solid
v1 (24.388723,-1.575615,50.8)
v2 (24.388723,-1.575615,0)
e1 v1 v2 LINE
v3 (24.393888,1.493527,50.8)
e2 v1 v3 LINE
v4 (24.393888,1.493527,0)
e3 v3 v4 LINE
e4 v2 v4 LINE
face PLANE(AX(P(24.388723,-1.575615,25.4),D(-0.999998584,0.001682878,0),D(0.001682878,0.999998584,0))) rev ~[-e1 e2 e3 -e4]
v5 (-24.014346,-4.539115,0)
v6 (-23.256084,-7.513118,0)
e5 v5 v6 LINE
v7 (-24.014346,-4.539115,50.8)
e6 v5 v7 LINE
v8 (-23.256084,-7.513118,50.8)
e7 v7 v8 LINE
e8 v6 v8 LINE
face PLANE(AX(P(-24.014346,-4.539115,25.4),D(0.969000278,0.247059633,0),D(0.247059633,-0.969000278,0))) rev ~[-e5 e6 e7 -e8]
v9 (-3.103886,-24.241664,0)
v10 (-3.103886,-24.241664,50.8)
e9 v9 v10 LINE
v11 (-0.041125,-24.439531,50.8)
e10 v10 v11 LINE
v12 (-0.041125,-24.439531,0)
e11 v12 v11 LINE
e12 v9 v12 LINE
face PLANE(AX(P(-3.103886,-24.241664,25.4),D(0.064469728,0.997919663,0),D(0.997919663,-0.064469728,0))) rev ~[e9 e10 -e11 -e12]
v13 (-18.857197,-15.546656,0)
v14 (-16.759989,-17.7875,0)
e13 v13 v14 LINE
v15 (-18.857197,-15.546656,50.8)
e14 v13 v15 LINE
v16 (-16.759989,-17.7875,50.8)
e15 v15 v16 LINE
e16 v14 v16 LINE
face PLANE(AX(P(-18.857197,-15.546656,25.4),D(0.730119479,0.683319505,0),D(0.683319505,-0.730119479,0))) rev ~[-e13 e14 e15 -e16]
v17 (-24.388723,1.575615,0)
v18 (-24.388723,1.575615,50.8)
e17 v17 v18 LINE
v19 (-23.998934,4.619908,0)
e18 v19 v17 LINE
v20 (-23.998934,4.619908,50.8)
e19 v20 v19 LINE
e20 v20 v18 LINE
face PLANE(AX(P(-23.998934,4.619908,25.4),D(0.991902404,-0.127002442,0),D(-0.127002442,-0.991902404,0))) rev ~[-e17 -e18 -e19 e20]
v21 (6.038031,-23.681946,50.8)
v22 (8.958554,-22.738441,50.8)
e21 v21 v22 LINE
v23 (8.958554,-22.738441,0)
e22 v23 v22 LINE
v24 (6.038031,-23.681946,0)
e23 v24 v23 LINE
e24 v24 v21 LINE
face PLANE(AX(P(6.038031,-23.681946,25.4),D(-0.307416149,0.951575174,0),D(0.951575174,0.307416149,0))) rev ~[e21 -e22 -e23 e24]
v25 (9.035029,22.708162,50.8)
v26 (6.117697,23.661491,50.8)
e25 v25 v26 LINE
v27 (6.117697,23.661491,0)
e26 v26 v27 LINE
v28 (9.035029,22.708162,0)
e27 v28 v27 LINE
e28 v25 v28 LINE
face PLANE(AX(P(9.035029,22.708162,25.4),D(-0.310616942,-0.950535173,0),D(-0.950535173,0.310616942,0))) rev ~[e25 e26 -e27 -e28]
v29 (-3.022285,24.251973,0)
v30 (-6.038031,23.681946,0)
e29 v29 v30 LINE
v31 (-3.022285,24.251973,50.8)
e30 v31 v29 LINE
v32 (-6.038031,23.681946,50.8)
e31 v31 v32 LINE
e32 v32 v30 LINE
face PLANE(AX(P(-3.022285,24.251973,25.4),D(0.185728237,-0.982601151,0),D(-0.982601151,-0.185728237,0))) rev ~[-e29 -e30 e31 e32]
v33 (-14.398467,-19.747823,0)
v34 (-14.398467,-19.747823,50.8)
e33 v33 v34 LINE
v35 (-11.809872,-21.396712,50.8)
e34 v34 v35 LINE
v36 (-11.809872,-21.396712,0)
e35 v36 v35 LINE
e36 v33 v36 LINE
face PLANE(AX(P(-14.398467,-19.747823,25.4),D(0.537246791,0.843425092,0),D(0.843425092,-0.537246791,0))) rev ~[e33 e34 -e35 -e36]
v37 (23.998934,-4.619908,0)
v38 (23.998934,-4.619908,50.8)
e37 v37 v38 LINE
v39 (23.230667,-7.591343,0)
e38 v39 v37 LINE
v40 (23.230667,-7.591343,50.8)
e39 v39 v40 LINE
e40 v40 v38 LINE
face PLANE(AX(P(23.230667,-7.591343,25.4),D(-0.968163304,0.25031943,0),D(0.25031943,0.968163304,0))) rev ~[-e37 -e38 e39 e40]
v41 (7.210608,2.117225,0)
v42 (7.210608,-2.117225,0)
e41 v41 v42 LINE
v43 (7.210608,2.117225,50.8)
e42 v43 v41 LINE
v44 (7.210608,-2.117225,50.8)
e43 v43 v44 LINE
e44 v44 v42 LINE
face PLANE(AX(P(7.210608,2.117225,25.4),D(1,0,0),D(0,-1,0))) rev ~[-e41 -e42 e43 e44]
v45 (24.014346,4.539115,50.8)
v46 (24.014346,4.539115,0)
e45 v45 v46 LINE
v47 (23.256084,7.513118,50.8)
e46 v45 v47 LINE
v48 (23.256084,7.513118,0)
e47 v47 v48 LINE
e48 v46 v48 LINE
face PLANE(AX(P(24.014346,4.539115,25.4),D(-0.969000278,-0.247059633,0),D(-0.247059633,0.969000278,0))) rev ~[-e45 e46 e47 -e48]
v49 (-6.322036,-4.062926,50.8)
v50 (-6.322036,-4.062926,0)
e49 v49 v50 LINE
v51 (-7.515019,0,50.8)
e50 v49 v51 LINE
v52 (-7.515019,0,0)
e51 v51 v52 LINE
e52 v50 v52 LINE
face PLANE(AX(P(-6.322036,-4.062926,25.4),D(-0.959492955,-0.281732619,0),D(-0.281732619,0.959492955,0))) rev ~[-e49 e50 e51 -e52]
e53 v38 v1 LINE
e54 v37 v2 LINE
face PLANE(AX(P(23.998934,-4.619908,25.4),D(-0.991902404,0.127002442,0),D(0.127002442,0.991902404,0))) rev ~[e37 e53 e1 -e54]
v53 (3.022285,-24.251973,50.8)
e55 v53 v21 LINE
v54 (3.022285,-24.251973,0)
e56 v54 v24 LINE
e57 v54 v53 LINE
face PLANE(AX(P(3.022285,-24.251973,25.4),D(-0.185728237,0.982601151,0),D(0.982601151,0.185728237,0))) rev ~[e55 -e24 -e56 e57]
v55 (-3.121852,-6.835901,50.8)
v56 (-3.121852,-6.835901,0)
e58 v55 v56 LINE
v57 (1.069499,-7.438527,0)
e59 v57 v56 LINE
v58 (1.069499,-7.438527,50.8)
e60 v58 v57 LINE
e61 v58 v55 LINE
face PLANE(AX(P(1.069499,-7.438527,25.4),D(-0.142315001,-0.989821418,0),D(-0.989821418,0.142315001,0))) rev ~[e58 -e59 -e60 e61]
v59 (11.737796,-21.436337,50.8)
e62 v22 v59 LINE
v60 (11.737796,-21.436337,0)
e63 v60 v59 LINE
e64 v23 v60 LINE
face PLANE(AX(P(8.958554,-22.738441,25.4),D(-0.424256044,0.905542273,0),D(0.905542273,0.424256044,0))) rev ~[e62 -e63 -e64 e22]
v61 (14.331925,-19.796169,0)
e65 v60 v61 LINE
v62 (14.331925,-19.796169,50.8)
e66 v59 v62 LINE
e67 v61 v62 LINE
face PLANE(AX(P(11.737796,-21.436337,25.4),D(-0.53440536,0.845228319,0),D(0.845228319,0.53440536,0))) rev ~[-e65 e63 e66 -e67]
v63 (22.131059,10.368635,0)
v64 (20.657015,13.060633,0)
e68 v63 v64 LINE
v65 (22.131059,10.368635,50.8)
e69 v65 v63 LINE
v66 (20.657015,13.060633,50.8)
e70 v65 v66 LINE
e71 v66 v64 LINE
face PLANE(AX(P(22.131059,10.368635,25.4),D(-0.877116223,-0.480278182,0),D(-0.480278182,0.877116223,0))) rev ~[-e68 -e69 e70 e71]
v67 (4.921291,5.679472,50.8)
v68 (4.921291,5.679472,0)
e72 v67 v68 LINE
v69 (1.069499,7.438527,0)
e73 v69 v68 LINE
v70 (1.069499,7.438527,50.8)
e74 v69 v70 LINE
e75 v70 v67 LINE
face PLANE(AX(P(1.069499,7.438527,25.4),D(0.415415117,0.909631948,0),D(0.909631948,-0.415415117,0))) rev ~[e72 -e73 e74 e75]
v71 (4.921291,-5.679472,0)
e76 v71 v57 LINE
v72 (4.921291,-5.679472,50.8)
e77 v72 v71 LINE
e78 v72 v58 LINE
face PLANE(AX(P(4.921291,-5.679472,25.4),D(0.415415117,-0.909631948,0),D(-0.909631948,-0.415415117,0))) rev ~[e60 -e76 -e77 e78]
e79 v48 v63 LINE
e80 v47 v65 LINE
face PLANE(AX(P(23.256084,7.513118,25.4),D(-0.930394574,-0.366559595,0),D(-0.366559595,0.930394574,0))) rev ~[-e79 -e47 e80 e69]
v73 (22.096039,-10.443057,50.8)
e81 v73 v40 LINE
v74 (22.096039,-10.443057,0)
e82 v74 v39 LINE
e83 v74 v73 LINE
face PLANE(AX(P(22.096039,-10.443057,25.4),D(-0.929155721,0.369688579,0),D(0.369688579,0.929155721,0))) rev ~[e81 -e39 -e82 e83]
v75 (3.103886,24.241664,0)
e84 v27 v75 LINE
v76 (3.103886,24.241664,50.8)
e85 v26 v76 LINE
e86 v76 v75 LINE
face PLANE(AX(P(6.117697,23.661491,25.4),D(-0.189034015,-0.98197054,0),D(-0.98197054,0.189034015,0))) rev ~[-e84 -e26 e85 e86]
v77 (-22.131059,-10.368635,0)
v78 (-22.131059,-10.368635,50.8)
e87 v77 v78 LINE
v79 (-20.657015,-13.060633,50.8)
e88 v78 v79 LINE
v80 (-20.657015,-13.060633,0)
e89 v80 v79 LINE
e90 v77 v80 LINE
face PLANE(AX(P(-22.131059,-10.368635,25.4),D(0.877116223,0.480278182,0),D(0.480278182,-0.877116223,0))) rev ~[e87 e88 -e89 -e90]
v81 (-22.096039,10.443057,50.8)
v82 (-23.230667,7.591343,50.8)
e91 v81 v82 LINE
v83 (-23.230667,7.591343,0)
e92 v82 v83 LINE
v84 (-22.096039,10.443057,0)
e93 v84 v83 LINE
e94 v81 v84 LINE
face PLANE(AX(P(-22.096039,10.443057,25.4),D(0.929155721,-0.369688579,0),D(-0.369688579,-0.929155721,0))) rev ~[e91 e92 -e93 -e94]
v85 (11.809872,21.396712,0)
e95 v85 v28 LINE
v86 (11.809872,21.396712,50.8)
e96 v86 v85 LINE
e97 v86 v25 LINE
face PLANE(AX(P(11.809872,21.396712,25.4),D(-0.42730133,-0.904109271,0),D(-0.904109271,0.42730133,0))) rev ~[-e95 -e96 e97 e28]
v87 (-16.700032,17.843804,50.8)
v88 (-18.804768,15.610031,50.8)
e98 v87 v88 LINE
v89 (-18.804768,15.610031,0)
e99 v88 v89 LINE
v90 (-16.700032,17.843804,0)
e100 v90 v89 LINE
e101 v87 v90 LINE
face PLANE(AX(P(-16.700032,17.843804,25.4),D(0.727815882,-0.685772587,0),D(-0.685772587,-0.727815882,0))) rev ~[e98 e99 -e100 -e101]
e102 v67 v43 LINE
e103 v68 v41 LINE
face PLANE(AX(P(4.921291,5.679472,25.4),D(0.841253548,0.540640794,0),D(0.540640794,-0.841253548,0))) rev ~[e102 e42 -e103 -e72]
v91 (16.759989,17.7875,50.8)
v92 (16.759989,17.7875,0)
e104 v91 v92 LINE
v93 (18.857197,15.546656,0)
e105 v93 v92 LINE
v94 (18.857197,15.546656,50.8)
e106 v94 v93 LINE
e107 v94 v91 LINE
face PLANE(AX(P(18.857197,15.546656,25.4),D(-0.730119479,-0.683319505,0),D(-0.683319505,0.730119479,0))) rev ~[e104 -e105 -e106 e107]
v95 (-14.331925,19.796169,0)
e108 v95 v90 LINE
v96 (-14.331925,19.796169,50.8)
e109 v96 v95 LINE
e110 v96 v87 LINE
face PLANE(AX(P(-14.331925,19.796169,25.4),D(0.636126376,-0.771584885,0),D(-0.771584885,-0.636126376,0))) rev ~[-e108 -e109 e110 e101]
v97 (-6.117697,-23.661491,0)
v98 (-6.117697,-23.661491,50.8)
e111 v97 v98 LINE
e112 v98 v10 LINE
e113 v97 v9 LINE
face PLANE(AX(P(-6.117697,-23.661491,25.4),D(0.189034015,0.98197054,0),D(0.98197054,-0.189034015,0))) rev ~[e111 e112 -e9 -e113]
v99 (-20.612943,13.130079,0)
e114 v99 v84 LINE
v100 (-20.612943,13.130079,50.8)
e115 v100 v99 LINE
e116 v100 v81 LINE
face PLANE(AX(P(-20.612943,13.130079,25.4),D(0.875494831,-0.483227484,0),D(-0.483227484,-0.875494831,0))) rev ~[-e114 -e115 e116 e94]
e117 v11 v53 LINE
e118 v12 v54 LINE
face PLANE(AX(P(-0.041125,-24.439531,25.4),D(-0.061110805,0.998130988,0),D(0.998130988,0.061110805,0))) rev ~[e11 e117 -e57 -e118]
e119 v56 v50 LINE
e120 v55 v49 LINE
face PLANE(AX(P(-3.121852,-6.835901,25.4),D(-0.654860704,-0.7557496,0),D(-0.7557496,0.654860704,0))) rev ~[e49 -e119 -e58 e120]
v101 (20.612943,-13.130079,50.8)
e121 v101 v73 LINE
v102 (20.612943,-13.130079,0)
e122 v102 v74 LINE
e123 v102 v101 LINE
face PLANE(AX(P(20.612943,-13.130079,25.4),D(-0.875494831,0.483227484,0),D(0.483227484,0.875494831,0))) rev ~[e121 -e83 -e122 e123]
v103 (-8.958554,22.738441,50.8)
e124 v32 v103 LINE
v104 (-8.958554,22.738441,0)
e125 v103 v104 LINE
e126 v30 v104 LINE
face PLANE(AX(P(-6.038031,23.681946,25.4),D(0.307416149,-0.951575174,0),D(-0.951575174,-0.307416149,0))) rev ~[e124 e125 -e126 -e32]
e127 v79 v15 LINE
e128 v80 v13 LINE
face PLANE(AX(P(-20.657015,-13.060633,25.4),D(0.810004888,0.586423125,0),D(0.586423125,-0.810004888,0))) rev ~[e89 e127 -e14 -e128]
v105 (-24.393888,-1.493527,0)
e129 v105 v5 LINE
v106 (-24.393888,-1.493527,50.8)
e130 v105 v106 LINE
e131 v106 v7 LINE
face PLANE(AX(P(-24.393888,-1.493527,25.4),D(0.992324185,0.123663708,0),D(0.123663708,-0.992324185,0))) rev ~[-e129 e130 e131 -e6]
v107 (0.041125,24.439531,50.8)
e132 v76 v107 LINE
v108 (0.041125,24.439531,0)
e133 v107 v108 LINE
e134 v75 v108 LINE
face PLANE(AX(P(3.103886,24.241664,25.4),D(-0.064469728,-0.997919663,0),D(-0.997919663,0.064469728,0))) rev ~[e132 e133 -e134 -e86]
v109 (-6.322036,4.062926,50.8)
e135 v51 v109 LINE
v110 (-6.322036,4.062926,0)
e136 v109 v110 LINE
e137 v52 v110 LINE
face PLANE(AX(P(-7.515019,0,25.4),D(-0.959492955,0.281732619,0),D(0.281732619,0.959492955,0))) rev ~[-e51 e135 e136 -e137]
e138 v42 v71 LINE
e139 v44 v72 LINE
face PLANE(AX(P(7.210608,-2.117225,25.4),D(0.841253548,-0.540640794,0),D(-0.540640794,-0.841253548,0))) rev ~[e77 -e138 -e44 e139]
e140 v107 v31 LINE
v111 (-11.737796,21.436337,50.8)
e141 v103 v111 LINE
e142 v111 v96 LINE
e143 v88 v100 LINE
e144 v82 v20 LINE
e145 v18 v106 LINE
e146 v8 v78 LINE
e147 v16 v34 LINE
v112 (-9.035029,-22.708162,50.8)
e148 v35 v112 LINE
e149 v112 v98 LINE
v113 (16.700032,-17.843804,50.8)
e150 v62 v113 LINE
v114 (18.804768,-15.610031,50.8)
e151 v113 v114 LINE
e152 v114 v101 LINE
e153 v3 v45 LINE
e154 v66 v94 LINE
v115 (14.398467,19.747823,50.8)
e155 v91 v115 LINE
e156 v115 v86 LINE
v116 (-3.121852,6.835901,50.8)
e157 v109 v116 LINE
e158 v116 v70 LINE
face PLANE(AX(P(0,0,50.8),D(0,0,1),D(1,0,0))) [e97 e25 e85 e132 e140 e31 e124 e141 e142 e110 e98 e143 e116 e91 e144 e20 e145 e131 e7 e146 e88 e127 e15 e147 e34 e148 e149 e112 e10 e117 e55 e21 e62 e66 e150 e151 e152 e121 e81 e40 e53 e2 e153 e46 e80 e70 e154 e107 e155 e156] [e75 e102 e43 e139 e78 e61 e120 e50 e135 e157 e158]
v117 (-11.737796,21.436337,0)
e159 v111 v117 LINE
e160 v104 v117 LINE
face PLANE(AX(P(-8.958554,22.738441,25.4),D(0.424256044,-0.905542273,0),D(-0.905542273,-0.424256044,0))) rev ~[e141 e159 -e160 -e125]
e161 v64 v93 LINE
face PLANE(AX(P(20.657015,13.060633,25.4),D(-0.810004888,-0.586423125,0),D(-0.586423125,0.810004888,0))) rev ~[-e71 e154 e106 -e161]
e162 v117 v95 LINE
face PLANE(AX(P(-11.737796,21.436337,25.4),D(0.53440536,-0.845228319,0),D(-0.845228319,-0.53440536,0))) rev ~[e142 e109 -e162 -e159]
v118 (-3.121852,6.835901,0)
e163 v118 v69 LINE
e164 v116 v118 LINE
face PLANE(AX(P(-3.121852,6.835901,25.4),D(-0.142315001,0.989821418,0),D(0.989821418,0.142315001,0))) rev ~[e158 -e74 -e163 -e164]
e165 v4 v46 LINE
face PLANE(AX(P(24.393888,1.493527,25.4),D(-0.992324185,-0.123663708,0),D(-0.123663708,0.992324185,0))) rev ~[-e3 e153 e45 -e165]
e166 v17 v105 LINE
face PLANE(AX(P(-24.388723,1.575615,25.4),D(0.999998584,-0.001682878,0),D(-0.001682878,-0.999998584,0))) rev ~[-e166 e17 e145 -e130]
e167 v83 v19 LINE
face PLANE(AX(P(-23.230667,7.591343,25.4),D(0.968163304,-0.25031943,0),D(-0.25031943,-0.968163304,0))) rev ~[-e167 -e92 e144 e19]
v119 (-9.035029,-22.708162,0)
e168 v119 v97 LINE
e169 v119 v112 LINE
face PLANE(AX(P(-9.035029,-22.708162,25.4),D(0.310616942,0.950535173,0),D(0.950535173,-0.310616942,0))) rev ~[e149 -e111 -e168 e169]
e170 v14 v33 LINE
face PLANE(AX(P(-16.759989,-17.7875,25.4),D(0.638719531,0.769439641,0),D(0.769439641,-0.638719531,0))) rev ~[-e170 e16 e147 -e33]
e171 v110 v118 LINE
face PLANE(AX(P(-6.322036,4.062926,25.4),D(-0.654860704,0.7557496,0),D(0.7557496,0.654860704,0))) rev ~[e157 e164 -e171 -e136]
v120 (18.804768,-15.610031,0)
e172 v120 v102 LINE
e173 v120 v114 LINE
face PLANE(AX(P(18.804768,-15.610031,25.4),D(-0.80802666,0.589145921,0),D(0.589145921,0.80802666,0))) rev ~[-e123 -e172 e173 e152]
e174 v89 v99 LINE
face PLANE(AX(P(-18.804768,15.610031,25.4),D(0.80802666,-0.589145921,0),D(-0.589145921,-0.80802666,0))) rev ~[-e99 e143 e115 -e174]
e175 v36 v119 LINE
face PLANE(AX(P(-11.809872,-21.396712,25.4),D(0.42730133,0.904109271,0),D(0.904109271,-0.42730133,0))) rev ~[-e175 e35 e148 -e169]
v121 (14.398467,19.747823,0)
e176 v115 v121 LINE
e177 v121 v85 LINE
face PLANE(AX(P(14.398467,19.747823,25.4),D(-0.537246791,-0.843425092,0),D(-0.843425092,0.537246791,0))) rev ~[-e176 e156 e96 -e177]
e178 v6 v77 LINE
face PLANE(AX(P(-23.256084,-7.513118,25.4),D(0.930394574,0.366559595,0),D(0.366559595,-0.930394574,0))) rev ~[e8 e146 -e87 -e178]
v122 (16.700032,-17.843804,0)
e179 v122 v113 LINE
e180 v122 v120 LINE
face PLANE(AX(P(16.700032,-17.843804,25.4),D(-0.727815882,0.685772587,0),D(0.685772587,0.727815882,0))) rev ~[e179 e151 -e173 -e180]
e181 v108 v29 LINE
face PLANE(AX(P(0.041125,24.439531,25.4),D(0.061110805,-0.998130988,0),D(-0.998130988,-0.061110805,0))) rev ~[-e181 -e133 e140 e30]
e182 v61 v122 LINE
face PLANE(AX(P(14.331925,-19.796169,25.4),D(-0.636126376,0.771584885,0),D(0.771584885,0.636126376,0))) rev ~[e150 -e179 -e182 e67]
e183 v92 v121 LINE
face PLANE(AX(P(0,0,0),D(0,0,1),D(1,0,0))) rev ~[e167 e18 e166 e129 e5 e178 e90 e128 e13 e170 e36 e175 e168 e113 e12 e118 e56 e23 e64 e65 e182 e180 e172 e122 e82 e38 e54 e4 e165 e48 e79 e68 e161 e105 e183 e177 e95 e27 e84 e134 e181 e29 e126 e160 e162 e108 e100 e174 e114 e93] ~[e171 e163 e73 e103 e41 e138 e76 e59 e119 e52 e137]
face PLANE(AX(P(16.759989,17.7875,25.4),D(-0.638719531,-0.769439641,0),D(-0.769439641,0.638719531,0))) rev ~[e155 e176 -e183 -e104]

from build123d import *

# Parameters (mm, degrees)
F1_DEPTH = 25.4
F2_DEPTH = 25.4


with BuildPart() as f1:
    # F0 (on Top) → F1 (new body)
    with BuildSketch(Plane.XY):
        Polygon((20.612943, -13.130079), (22.096039, -10.443057), (23.230667, -7.591343), (23.998934, -4.619908), (24.388723, -1.575615), (24.393888, 1.493527), (24.014346, 4.539115), (23.256084, 7.513118), (22.131059, 10.368635), (20.657015, 13.060633), (18.857197, 15.546656), (16.759989, 17.7875), (14.398467, 19.747823), (11.809872, 21.396712), (9.035029, 22.708162), (6.117697, 23.661491), (3.103886, 24.241664), (0.041125, 24.439531), (-3.022285, 24.251973), (-6.038031, 23.681946), (-8.958554, 22.738441), (-11.737796, 21.436337), (-14.331925, 19.796169), (-16.700032, 17.843804), (-18.804768, 15.610031), (-20.612943, 13.130079), (-22.096039, 10.443057), (-23.230667, 7.591343), (-23.998934, 4.619908), (-24.388723, 1.575615), (-24.393888, -1.493527), (-24.014346, -4.539115), (-23.256084, -7.513118), (-22.131059, -10.368635), (-20.657015, -13.060633), (-18.857197, -15.546656), (-16.759989, -17.7875), (-14.398467, -19.747823), (-11.809872, -21.396712), (-9.035029, -22.708162), (-6.117697, -23.661491), (-3.103886, -24.241664), (-0.041125, -24.439531), (3.022285, -24.251973), (6.038031, -23.681946), (8.958554, -22.738441), (11.737796, -21.436337), (14.331925, -19.796169), (16.700032, -17.843804), (18.804768, -15.610031), align=None)
        Polygon((4.921291, 5.679472), (7.210608, 2.117225), (7.210608, -2.117225), (4.921291, -5.679472), (1.069499, -7.438527), (-3.121852, -6.835901), (-6.322036, -4.062926), (-7.515019, 0), (-6.322036, 4.062926), (-3.121852, 6.835901), (1.069499, 7.438527), align=None, mode=Mode.SUBTRACT)
    extrude(amount=F1_DEPTH)

    # F1_face (on face) → F2 (join)
    with BuildSketch(Plane.XY.offset(25.4)):
        Polygon((-23.998934, 4.619908), (-24.388723, 1.575615), (-24.393888, -1.493527), (-24.014346, -4.539115), (-23.256084, -7.513118), (-22.131059, -10.368635), (-20.657015, -13.060633), (-18.857197, -15.546656), (-16.759989, -17.7875), (-14.398467, -19.747823), (-11.809872, -21.396712), (-9.035029, -22.708162), (-6.117697, -23.661491), (-3.103886, -24.241664), (-0.041125, -24.439531), (3.022285, -24.251973), (6.038031, -23.681946), (8.958554, -22.738441), (11.737796, -21.436337), (14.331925, -19.796169), (16.700032, -17.843804), (18.804768, -15.610031), (20.612943, -13.130079), (22.096039, -10.443057), (23.230667, -7.591343), (23.998934, -4.619908), (24.388723, -1.575615), (24.393888, 1.493527), (24.014346, 4.539115), (23.256084, 7.513118), (22.131059, 10.368635), (20.657015, 13.060633), (18.857197, 15.546656), (16.759989, 17.7875), (14.398467, 19.747823), (11.809872, 21.396712), (9.035029, 22.708162), (6.117697, 23.661491), (3.103886, 24.241664), (0.041125, 24.439531), (-3.022285, 24.251973), (-6.038031, 23.681946), (-8.958554, 22.738441), (-11.737796, 21.436337), (-14.331925, 19.796169), (-16.700032, 17.843804), (-18.804768, 15.610031), (-20.612943, 13.130079), (-22.096039, 10.443057), (-23.230667, 7.591343), align=None)
        Polygon((1.069499, 7.438527), (4.921291, 5.679472), (7.210608, 2.117225), (7.210608, -2.117225), (4.921291, -5.679472), (1.069499, -7.438527), (-3.121852, -6.835901), (-6.322036, -4.062926), (-7.515019, 0), (-6.322036, 4.062926), (-3.121852, 6.835901), align=None, mode=Mode.SUBTRACT)
    extrude(amount=F2_DEPTH)


solid = f1.part
